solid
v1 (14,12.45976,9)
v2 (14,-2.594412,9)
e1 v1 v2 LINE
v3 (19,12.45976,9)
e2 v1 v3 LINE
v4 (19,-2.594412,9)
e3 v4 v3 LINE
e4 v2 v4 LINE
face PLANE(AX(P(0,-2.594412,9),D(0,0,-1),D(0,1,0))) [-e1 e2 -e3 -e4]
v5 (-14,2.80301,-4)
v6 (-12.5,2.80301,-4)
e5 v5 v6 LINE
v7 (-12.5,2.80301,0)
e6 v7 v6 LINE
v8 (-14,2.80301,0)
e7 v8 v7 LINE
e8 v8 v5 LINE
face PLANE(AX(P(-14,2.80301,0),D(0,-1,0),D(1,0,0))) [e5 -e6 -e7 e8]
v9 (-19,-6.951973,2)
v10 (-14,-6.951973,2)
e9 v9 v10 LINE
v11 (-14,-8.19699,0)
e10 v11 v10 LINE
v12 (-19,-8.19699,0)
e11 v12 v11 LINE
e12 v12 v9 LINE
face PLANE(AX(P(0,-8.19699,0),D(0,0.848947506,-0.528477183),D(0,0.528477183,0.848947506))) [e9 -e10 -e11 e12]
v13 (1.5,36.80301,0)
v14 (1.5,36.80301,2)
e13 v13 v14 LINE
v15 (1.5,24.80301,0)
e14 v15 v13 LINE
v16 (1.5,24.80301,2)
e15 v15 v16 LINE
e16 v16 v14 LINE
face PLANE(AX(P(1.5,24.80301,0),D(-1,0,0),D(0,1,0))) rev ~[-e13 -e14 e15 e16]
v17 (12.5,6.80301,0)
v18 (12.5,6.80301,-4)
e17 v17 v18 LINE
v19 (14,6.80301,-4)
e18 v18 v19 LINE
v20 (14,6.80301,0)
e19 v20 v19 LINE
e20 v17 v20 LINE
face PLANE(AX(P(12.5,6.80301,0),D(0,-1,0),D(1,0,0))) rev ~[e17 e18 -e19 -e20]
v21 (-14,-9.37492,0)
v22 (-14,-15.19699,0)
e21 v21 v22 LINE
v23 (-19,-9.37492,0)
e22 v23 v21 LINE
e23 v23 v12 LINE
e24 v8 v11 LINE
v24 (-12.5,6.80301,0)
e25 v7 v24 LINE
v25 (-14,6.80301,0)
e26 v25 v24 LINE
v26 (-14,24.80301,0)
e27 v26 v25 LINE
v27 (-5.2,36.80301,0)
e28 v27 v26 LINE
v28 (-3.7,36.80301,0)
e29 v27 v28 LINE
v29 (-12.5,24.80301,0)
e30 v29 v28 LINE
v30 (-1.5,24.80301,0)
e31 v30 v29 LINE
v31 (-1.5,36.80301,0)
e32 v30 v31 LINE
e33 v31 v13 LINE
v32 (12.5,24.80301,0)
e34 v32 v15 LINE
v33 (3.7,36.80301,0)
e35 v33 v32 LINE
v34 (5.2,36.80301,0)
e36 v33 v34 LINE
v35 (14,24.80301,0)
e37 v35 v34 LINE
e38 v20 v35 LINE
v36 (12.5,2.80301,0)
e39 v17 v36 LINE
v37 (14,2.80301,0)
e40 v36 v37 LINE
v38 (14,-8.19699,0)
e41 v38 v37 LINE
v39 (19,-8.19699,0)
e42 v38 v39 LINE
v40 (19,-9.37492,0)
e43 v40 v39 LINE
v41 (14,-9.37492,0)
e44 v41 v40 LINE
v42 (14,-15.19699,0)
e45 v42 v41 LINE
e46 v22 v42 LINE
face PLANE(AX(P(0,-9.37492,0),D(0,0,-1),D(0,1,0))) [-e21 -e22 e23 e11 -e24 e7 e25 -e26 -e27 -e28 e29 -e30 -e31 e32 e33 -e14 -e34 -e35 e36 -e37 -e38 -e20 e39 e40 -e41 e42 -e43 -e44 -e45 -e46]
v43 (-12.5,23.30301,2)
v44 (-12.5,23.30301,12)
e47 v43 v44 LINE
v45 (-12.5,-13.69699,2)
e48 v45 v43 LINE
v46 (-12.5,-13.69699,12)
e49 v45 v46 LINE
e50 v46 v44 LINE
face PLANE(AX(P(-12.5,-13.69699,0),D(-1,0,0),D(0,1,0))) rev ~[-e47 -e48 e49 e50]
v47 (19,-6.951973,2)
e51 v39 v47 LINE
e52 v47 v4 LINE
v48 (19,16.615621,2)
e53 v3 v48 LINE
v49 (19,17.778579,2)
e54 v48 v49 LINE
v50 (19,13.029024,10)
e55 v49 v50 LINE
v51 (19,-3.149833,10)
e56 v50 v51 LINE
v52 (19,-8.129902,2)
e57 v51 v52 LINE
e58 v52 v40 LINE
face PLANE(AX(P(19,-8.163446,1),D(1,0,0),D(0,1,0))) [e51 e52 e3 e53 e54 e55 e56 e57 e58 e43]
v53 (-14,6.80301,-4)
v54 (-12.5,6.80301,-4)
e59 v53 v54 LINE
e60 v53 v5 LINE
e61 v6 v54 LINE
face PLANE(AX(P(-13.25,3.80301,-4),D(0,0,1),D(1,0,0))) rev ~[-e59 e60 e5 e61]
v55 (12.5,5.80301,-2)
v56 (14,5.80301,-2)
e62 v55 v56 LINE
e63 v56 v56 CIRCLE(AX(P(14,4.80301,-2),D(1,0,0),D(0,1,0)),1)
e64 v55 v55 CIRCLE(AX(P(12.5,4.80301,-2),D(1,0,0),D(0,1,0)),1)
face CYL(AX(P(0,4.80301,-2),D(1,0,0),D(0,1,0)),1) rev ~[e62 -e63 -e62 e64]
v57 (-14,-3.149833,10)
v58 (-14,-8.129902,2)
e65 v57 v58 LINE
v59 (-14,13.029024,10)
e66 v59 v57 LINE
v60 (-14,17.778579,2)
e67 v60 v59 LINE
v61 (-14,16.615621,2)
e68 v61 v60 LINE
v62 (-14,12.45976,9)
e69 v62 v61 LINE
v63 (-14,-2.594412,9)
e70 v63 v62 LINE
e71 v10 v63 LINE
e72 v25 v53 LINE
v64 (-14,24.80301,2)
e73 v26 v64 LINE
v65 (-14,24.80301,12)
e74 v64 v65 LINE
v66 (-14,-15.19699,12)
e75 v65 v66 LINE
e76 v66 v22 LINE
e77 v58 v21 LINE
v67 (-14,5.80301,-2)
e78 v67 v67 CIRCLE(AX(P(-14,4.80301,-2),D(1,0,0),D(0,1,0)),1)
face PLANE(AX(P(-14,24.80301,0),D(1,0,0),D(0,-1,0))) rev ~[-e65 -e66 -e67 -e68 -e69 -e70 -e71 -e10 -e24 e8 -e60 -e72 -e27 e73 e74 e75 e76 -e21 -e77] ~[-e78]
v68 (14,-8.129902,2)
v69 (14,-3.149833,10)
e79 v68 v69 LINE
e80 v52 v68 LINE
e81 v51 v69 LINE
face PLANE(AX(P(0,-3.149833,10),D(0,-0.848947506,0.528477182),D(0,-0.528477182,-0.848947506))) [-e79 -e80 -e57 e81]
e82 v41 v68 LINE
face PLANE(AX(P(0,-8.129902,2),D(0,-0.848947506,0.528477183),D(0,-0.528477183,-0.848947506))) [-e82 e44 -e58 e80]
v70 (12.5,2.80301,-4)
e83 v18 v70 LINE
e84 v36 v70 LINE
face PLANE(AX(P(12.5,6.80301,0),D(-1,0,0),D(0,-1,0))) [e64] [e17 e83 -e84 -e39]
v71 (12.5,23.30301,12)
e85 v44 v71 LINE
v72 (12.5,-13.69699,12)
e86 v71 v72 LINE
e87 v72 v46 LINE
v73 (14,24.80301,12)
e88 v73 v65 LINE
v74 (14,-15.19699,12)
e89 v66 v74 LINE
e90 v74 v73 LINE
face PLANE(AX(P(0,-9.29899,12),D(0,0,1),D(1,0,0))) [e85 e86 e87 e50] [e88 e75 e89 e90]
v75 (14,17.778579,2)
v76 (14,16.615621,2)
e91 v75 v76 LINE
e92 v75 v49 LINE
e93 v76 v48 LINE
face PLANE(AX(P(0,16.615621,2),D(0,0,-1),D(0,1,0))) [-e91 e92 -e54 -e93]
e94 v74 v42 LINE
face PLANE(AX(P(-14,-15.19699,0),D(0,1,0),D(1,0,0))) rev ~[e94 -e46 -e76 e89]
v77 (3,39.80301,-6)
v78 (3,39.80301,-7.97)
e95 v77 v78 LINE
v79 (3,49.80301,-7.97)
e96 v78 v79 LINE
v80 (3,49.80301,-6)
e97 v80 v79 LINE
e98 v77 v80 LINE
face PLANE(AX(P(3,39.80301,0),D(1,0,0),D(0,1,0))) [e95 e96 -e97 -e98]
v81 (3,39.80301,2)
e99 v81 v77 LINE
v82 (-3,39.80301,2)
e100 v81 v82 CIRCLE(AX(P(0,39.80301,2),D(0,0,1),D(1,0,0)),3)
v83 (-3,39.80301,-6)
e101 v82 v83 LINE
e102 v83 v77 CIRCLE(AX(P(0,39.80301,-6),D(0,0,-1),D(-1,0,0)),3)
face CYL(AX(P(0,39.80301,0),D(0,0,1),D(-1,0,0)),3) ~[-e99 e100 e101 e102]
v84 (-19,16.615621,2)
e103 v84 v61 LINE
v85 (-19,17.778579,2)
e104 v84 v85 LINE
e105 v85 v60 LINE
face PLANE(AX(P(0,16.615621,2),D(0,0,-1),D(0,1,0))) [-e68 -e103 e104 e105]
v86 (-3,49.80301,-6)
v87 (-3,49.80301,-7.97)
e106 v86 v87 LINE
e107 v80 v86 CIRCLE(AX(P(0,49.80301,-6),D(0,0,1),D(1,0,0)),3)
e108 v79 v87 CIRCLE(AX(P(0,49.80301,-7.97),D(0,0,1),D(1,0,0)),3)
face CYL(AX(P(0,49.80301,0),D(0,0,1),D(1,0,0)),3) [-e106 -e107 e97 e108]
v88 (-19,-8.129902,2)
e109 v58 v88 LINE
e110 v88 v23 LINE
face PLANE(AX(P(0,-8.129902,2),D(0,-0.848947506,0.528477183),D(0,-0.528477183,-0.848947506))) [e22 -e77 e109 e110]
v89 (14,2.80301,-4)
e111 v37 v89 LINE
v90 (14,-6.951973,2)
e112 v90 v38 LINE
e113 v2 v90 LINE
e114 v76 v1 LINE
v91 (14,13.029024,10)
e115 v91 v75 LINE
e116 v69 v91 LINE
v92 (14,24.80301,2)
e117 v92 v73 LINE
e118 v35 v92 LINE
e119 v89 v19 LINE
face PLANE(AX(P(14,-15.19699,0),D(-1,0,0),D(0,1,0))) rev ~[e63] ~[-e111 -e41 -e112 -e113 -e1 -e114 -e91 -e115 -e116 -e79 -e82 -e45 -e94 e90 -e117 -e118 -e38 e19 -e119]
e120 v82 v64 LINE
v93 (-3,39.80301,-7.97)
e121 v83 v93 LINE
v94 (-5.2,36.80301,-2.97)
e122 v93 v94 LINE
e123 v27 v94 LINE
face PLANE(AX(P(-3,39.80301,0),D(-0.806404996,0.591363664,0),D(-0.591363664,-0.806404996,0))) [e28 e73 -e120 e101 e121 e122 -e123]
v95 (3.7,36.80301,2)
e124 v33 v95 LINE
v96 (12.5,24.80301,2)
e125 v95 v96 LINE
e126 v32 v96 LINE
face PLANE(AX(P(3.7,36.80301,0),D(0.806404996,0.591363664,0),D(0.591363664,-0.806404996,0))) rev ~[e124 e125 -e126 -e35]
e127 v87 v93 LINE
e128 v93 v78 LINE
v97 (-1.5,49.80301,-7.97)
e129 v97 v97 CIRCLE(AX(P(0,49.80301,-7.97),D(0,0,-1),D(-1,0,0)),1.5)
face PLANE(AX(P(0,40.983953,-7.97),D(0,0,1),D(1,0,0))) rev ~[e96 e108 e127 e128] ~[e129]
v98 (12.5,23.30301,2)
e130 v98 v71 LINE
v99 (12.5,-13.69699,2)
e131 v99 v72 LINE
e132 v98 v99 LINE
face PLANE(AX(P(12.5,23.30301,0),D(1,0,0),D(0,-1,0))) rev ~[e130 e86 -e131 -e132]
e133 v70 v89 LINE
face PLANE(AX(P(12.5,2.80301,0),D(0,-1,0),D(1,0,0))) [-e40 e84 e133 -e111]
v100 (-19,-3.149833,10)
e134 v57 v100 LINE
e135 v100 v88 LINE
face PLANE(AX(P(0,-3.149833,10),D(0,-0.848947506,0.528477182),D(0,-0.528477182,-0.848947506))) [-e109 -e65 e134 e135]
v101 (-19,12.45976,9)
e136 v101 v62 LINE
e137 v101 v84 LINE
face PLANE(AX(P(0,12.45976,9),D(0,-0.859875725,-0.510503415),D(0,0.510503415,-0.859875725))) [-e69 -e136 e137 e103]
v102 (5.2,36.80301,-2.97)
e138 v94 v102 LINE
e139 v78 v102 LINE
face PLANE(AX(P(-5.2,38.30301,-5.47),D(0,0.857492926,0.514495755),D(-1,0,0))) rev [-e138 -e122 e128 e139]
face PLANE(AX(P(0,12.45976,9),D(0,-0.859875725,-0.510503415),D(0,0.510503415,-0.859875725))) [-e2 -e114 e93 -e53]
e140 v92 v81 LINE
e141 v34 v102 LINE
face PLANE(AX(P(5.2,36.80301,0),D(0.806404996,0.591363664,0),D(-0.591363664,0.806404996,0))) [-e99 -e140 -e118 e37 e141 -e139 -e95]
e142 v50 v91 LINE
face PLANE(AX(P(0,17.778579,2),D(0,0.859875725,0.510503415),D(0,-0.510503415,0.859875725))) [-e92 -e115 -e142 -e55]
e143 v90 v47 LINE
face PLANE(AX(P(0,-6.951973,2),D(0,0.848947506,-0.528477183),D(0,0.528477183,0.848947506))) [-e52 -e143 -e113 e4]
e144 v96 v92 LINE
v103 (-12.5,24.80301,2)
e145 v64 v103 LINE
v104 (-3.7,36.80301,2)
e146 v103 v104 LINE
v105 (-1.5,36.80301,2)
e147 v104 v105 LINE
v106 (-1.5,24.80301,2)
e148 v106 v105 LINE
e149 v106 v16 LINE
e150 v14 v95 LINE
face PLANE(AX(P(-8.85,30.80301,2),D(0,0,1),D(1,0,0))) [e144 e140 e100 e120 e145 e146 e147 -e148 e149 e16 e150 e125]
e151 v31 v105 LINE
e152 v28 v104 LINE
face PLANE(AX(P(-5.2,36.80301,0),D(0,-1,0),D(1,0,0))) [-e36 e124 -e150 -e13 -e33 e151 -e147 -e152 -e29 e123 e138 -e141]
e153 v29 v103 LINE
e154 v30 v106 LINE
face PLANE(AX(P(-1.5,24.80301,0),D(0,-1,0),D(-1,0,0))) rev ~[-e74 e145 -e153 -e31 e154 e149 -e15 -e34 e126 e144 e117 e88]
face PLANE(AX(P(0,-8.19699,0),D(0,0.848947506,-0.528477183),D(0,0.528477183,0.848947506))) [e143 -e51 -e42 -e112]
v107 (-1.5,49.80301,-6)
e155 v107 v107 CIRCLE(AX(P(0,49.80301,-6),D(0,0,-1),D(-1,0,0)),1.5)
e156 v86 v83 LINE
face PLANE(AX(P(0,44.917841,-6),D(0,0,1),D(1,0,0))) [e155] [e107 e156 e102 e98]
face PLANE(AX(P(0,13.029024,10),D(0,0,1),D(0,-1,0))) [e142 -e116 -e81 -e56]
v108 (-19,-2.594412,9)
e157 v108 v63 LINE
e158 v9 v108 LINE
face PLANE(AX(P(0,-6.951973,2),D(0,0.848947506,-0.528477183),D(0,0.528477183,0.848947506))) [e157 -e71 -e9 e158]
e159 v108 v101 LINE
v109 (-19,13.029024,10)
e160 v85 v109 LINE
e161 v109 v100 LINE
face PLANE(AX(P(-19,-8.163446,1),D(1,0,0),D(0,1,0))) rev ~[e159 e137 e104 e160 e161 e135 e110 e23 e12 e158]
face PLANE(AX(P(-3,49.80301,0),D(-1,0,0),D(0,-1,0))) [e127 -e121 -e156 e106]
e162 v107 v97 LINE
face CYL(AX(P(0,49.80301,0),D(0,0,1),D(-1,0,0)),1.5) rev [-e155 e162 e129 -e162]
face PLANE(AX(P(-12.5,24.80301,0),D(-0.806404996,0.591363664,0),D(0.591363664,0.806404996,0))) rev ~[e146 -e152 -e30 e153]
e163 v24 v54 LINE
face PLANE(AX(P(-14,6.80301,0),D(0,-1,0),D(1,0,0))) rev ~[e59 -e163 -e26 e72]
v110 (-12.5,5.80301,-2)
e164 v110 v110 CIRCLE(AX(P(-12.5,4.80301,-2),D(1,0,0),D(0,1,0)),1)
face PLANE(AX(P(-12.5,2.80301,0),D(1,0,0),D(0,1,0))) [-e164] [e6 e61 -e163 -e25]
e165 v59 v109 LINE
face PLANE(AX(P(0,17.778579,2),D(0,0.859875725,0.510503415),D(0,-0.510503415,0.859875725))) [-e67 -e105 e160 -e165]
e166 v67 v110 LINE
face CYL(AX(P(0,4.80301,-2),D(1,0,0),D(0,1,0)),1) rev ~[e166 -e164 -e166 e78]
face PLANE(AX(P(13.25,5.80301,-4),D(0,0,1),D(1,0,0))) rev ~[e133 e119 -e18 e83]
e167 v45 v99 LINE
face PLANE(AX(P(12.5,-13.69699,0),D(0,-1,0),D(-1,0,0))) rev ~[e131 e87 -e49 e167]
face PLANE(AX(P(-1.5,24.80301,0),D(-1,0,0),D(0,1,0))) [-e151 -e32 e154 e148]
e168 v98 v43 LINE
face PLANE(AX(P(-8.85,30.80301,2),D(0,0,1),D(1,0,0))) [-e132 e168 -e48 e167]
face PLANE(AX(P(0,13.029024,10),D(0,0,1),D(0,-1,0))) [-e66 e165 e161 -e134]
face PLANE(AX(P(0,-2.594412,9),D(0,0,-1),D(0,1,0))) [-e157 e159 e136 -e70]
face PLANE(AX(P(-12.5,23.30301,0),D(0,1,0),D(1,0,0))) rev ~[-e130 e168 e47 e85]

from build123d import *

# Parameters (mm, degrees)
F0_W      = 1.5
F0_H      = 2
F0_H_2    = 12
F0_W_2    = 25
F0_H_3    = 16.5
F1_DEPTH  = 2
F2_DEPTH  = 12
F3_DEPTH  = 4
F4_DEPTH  = 7.97
F5_DEPTH  = 6
F6_SIZE2  = 5
F6_SIZE   = 3
F7_R      = 1
F8_DEPTH  = 15
F9_DEPTH  = 19
F10_DEPTH = 12.5


with BuildPart() as f1:
    # F0 (on Top) → F1 (new body)
    with BuildSketch(Plane.XY):
        Polygon((-5.2, 36.80300952), (-14, 24.80300952), (-12.5, 24.80300952), (-3.7, 36.80300952), align=None)
        Polygon((14, 24.80300952), (5.2, 36.80300952), (3.7, 36.80300952), (12.5, 24.80300952), align=None)
        Polygon((-12.5, 2.80300952), (-14, 2.80300952), (-14, -15.19699048), (14, -15.19699048), (14, 2.80300952), (12.5, 2.80300952), (12.5, -13.69699048), (-12.5, -13.69699048), align=None)
        with Locations((-13.25, 5.80300952)):
            Rectangle(F0_W, F0_H)
        with Locations((-13.25, 3.80300952)):
            Rectangle(F0_W, F0_H)
        with Locations((13.25, 5.80300952)):
            Rectangle(F0_W, F0_H)
        with Locations((13.25, 3.80300952)):
            Rectangle(F0_W, F0_H)
        with BuildLine():
            Line((-3, 39.80300952), (-5.2, 36.80300952))
            Line((-5.2, 36.80300952), (-3.7, 36.80300952))
            Line((-3.7, 36.80300952), (-1.5, 36.80300952))
            Line((-1.5, 36.80300952), (0, 36.80300952))
            Line((0, 36.80300952), (0, 38.30300952))
            ThreePointArc((0, 38.30300952), (-1.0606601718, 38.7423493483), (-1.5, 39.80300952))
            Line((-1.5, 39.80300952), (-3, 39.80300952))
        make_face()
        with BuildLine():
            Line((5.2, 36.80300952), (3, 39.80300952))
            Line((3, 39.80300952), (1.5, 39.80300952))
            ThreePointArc((1.5, 39.80300952), (1.0606601718, 38.7423493483), (0, 38.30300952))
            Line((0, 38.30300952), (0, 36.80300952))
            Line((0, 36.80300952), (1.5, 36.80300952))
            Line((1.5, 36.80300952), (3.7, 36.80300952))
            Line((3.7, 36.80300952), (5.2, 36.80300952))
        make_face()
        Polygon((-12.5, 24.80300952), (-14, 24.80300952), (-14, 6.80300952), (-12.5, 6.80300952), (-12.5, 23.30300952), (12.5, 23.30300952), (12.5, 6.80300952), (14, 6.80300952), (14, 24.80300952), (12.5, 24.80300952), (1.5, 24.80300952), (0, 24.80300952), (-1.5, 24.80300952), align=None)
        with Locations((0.75, 30.80300952)):
            Rectangle(F0_W, F0_H_2)
        with Locations((-0.75, 30.80300952)):
            Rectangle(F0_W, F0_H_2)
        with BuildLine():
            ThreePointArc((0, 38.30300952), (1.0606601718, 38.7423493483), (1.5, 39.80300952))
            Line((1.5, 39.80300952), (0, 39.80300952))
            Line((0, 39.80300952), (0, 38.30300952))
        make_face()
        with BuildLine():
            Line((0, 39.80300952), (-1.5, 39.80300952))
            ThreePointArc((-1.5, 39.80300952), (-1.0606601718, 38.7423493483), (0, 38.30300952))
            Line((0, 38.30300952), (0, 39.80300952))
        make_face()
        with Locations((0, 15.05300952)):
            Rectangle(F0_W_2, F0_H_3)
        with Locations((0, -5.44699048)):
            Rectangle(F0_W_2, F0_H_3)
        with Locations((0, 3.80300952)):
            Rectangle(F0_W_2, F0_H)
        with Locations((0, 5.80300952)):
            Rectangle(F0_W_2, F0_H)
        with BuildLine():
            ThreePointArc((3, 39.80300952), (0, 42.80300952), (-3, 39.80300952))
            Line((-3, 39.80300952), (-1.5, 39.80300952))
            ThreePointArc((-1.5, 39.80300952), (0, 41.30300952), (1.5, 39.80300952))
            Line((1.5, 39.80300952), (3, 39.80300952))
        make_face()
        with BuildLine():
            ThreePointArc((1.5, 39.80300952), (0, 41.30300952), (-1.5, 39.80300952))
            Line((-1.5, 39.80300952), (0, 39.80300952))
            Line((0, 39.80300952), (1.5, 39.80300952))
        make_face()
    extrude(amount=F1_DEPTH)

    # F0 (on Top) → F2 (join)
    with BuildSketch(Plane.XY):
        Polygon((-12.5, 2.80300952), (-14, 2.80300952), (-14, -15.19699048), (14, -15.19699048), (14, 2.80300952), (12.5, 2.80300952), (12.5, -13.69699048), (-12.5, -13.69699048), align=None)
        Polygon((-12.5, 24.80300952), (-14, 24.80300952), (-14, 6.80300952), (-12.5, 6.80300952), (-12.5, 23.30300952), (12.5, 23.30300952), (12.5, 6.80300952), (14, 6.80300952), (14, 24.80300952), (12.5, 24.80300952), (1.5, 24.80300952), (0, 24.80300952), (-1.5, 24.80300952), align=None)
        with Locations((13.25, 5.80300952)):
            Rectangle(F0_W, F0_H)
        with Locations((13.25, 3.80300952)):
            Rectangle(F0_W, F0_H)
        with Locations((-13.25, 3.80300952)):
            Rectangle(F0_W, F0_H)
        with Locations((-13.25, 5.80300952)):
            Rectangle(F0_W, F0_H)
    extrude(amount=F2_DEPTH)

    # F0 (on Top) → F3 (join)
    with BuildSketch(Plane.XY):
        with Locations((13.25, 5.80300952)):
            Rectangle(F0_W, F0_H)
        with Locations((13.25, 3.80300952)):
            Rectangle(F0_W, F0_H)
        with Locations((-13.25, 3.80300952)):
            Rectangle(F0_W, F0_H)
        with Locations((-13.25, 5.80300952)):
            Rectangle(F0_W, F0_H)
    extrude(amount=-F3_DEPTH)

    # F0 (on Top) → F4 (join)
    with BuildSketch(Plane.XY):
        with BuildLine():
            ThreePointArc((3, 39.80300952), (0, 42.80300952), (-3, 39.80300952))
            Line((-3, 39.80300952), (-1.5, 39.80300952))
            ThreePointArc((-1.5, 39.80300952), (0, 41.30300952), (1.5, 39.80300952))
            Line((1.5, 39.80300952), (3, 39.80300952))
        make_face()
        with BuildLine():
            ThreePointArc((1.5, 39.80300952), (0, 41.30300952), (-1.5, 39.80300952))
            Line((-1.5, 39.80300952), (0, 39.80300952))
            Line((0, 39.80300952), (1.5, 39.80300952))
        make_face()
        with BuildLine():
            Line((5.2, 36.80300952), (3, 39.80300952))
            Line((3, 39.80300952), (1.5, 39.80300952))
            ThreePointArc((1.5, 39.80300952), (1.0606601718, 38.7423493483), (0, 38.30300952))
            Line((0, 38.30300952), (0, 36.80300952))
            Line((0, 36.80300952), (1.5, 36.80300952))
            Line((1.5, 36.80300952), (3.7, 36.80300952))
            Line((3.7, 36.80300952), (5.2, 36.80300952))
        make_face()
        with BuildLine():
            Line((-3, 39.80300952), (-5.2, 36.80300952))
            Line((-5.2, 36.80300952), (-3.7, 36.80300952))
            Line((-3.7, 36.80300952), (-1.5, 36.80300952))
            Line((-1.5, 36.80300952), (0, 36.80300952))
            Line((0, 36.80300952), (0, 38.30300952))
            ThreePointArc((0, 38.30300952), (-1.0606601718, 38.7423493483), (-1.5, 39.80300952))
            Line((-1.5, 39.80300952), (-3, 39.80300952))
        make_face()
        with BuildLine():
            Line((-3, 49.80300952), (-3, 39.80300952))
            ThreePointArc((-3, 39.80300952), (0, 42.80300952), (3, 39.80300952))
            Line((3, 39.80300952), (3, 49.80300952))
            Line((3, 49.80300952), (1.5, 49.80300952))
            ThreePointArc((1.5, 49.80300952), (0, 48.30300952), (-1.5, 49.80300952))
            Line((-1.5, 49.80300952), (-3, 49.80300952))
        make_face()
        with BuildLine():
            ThreePointArc((3, 49.80300952), (0, 52.80300952), (-3, 49.80300952))
            Line((-3, 49.80300952), (-1.5, 49.80300952))
            ThreePointArc((-1.5, 49.80300952), (0, 51.30300952), (1.5, 49.80300952))
            Line((1.5, 49.80300952), (3, 49.80300952))
        make_face()
        with BuildLine():
            Line((0, 39.80300952), (-1.5, 39.80300952))
            ThreePointArc((-1.5, 39.80300952), (-1.0606601718, 38.7423493483), (0, 38.30300952))
            Line((0, 38.30300952), (0, 39.80300952))
        make_face()
        with BuildLine():
            ThreePointArc((0, 38.30300952), (1.0606601718, 38.7423493483), (1.5, 39.80300952))
            Line((1.5, 39.80300952), (0, 39.80300952))
            Line((0, 39.80300952), (0, 38.30300952))
        make_face()
    extrude(amount=-F4_DEPTH)

    # F0 (on Top) → F5 (cut)
    with BuildSketch(Plane.XY):
        with BuildLine():
            Line((-3, 49.80300952), (-3, 39.80300952))
            ThreePointArc((-3, 39.80300952), (0, 42.80300952), (3, 39.80300952))
            Line((3, 39.80300952), (3, 49.80300952))
            Line((3, 49.80300952), (1.5, 49.80300952))
            ThreePointArc((1.5, 49.80300952), (0, 48.30300952), (-1.5, 49.80300952))
            Line((-1.5, 49.80300952), (-3, 49.80300952))
        make_face()
        with BuildLine():
            ThreePointArc((3, 49.80300952), (0, 52.80300952), (-3, 49.80300952))
            Line((-3, 49.80300952), (-1.5, 49.80300952))
            ThreePointArc((-1.5, 49.80300952), (0, 51.30300952), (1.5, 49.80300952))
            Line((1.5, 49.80300952), (3, 49.80300952))
        make_face()
    extrude(amount=-F5_DEPTH, mode=Mode.SUBTRACT)

    # F6
    f6_edges = [f1.edges().sort_by_distance(p)[0] for p in [
        (0, 36.80301, -7.97),
    ]]
    f6_side = f1.faces().sort_by_distance((0, 43.604594, -7.97))[0]
    chamfer(f6_edges, length=F6_SIZE, length2=F6_SIZE2, reference=f6_side)

    # F7 (on Right) → F8 (cut, symmetric)
    with BuildSketch(Plane.YZ):
        with Locations((4.80300952, -2)):
            Circle(F7_R)
    extrude(amount=F8_DEPTH, both=True, mode=Mode.SUBTRACT)

    # F7 (on Right) → F9 (join, symmetric)
    with BuildSketch(Plane.YZ):
        Polygon((-9.3749196136, 0), (-8.19699048, 0), (-6.9519731405, 2), (-8.1299022741, 2), align=None)
        Polygon((-8.1299022741, 2), (-6.9519731405, 2), (-2.5944124523, 9), (12.4597597892, 9), (16.615620691, 2), (17.7785794425, 2), (13.0290241263, 10), (-3.1498329163, 10), align=None)
    extrude(amount=F9_DEPTH, both=True)

    # F7 (on Right) → F10 (cut, symmetric)
    with BuildSketch(Plane.YZ):
        Polygon((-8.1299022741, 2), (-6.9519731405, 2), (-2.5944124523, 9), (12.4597597892, 9), (16.615620691, 2), (17.7785794425, 2), (13.0290241263, 10), (-3.1498329163, 10), align=None)
    extrude(amount=F10_DEPTH, both=True, mode=Mode.SUBTRACT)


solid = f1.part
